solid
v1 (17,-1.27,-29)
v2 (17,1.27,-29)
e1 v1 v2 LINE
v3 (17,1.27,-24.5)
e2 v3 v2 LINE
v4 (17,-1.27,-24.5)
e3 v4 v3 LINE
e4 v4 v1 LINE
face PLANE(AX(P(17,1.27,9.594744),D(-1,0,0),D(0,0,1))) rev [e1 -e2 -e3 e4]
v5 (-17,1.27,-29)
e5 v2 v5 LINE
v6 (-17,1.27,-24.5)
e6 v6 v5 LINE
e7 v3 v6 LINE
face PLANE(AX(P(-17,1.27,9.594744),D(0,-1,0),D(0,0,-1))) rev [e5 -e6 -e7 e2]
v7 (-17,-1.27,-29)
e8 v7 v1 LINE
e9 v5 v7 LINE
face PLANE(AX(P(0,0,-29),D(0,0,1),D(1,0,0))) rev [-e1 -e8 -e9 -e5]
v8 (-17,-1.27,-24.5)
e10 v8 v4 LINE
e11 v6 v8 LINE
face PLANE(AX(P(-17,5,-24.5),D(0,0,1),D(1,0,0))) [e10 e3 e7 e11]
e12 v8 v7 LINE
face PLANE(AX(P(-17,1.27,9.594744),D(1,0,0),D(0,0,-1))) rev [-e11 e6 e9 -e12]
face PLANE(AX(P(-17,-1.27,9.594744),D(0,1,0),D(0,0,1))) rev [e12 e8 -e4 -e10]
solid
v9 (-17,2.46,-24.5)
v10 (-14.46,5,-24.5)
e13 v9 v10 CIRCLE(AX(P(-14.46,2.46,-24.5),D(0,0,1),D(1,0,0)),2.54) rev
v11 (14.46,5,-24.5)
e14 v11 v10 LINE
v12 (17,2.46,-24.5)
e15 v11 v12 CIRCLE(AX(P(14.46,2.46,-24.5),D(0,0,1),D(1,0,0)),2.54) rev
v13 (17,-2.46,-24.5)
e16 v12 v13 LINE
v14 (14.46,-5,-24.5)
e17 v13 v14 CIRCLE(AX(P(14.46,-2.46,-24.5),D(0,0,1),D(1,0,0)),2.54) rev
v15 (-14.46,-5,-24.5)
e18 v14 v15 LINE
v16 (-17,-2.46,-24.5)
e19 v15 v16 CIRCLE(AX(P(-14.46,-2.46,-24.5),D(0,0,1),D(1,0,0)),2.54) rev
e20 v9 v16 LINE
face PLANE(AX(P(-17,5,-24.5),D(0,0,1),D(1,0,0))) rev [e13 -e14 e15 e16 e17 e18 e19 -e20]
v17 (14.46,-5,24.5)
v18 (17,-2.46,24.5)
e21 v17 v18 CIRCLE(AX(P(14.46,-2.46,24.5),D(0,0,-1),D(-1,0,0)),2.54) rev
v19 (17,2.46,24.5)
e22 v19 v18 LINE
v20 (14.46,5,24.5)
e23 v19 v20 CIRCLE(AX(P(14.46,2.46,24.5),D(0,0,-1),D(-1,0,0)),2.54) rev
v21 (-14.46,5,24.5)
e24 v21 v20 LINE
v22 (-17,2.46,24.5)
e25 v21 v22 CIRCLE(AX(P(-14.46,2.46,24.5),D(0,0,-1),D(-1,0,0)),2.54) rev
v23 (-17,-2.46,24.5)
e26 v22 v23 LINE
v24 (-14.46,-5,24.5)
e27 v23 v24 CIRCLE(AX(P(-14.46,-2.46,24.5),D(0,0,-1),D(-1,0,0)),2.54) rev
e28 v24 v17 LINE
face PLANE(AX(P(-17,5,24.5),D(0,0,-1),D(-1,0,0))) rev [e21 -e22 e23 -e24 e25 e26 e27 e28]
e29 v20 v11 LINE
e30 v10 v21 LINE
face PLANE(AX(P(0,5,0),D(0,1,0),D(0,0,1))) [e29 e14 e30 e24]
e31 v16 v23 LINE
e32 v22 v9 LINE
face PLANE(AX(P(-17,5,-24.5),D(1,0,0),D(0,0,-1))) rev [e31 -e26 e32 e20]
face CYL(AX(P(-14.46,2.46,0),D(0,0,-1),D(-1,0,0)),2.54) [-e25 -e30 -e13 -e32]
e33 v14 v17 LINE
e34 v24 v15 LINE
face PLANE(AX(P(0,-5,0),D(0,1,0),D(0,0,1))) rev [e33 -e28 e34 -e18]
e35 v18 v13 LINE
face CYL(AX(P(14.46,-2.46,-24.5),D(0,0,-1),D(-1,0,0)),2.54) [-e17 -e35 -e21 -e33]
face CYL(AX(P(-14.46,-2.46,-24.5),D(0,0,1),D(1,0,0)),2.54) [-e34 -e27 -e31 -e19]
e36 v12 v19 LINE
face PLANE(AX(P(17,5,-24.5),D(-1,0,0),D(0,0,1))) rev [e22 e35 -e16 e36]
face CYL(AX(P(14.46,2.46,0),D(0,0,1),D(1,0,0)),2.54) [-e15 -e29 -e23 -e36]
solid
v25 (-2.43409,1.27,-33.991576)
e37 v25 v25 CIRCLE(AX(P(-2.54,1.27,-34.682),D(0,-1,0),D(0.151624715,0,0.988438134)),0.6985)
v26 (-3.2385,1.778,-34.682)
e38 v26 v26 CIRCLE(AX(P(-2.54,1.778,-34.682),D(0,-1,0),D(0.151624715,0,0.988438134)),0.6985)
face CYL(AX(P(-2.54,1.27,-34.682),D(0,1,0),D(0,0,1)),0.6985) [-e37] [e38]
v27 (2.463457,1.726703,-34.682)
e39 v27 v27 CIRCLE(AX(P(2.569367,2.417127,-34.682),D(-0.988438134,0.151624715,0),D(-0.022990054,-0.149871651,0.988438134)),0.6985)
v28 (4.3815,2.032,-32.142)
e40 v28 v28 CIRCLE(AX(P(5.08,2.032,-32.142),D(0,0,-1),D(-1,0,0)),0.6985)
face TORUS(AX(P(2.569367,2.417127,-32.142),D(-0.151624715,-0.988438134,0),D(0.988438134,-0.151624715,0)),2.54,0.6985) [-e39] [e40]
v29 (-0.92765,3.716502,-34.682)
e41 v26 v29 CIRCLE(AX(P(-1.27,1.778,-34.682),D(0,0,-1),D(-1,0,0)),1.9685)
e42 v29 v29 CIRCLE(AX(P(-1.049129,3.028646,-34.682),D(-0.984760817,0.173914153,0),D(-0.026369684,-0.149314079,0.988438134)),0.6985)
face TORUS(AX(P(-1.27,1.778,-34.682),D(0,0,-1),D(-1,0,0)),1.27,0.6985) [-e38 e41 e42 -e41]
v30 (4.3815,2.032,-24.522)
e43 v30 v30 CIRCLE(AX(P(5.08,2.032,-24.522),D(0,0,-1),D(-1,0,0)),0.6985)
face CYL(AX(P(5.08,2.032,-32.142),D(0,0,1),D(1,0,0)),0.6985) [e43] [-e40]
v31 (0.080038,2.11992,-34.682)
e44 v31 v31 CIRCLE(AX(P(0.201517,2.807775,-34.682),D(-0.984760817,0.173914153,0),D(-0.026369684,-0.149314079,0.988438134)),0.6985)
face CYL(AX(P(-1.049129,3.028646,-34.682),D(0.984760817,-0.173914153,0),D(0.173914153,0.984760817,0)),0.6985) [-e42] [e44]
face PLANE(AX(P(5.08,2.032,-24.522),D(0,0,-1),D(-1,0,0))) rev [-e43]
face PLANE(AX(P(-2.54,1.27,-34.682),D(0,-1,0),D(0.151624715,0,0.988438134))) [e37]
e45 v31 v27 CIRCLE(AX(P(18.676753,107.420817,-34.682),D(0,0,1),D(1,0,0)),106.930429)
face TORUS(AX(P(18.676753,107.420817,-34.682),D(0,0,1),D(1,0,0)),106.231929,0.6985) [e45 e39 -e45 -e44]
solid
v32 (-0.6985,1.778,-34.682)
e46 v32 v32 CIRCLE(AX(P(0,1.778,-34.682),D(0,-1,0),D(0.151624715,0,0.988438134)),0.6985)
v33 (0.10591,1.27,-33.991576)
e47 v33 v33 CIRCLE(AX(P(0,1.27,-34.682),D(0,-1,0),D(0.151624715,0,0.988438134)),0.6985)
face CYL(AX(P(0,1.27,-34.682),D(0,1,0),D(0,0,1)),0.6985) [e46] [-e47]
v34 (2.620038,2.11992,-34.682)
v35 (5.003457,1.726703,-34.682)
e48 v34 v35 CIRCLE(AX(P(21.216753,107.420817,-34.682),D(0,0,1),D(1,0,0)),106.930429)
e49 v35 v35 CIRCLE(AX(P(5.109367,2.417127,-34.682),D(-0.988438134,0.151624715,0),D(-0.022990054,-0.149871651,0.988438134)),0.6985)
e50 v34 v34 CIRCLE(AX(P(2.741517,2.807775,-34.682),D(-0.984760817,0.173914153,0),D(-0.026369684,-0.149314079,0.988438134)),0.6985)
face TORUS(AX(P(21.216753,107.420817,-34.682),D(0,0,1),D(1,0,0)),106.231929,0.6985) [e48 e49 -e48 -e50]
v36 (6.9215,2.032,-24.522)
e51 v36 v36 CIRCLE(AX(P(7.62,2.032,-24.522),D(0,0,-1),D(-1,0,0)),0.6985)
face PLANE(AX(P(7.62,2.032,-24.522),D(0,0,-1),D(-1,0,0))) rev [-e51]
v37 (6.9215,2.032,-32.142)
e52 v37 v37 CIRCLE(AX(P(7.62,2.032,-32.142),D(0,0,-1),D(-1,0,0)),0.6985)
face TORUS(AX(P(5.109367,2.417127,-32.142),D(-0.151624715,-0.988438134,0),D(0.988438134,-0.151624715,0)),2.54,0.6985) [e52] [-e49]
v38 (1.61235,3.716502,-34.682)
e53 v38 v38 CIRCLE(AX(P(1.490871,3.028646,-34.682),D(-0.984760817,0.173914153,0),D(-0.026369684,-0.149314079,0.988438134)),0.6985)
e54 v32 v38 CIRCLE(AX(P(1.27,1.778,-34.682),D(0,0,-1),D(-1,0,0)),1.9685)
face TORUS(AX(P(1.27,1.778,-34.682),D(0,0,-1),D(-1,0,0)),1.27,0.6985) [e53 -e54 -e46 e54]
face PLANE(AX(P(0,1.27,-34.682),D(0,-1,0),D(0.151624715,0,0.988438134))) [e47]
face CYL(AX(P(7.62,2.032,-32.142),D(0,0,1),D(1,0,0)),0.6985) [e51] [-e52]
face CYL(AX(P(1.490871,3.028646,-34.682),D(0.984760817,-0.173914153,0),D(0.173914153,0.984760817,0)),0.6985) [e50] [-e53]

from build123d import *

# Parameters (mm, degrees)
SKETCH1_W           = 34
SKETCH1_H           = 49
BOSS_EXTRUDE1_DEPTH = 5
FILLET1_R           = 2.54
BOSS_EXTRUDE2_START = -53.5
SKETCH2_W           = 34
SKETCH2_H           = 2.54
BOSS_EXTRUDE2_DEPTH = 4.5
SWEEP2_PROFILE_R    = 0.6985


with BuildPart() as part:
    # Sketch1 → Boss-Extrude1 (new body, symmetric)
    with BuildSketch(Plane(origin=(0, 0, 0), x_dir=(1, 0, 0), z_dir=(0, 1, 0))):
        Rectangle(SKETCH1_W, SKETCH1_H)
    extrude(amount=BOSS_EXTRUDE1_DEPTH, both=True)

    # Fillet1
    fillet1_edges = [part.edges().sort_by_distance(p)[0] for p in [
        (17, 5, 0),
        (-17, 5, 0),
        (17, -5, 0),
        (-17, -5, 0),
    ]]
    fillet(fillet1_edges, radius=FILLET1_R)


with BuildPart() as body_2:
    # Sketch2 → Boss-Extrude2 (new body)
    with BuildSketch(Plane.XY.offset(24.5).offset(BOSS_EXTRUDE2_START)):
        Rectangle(SKETCH2_W, SKETCH2_H)
    extrude(amount=BOSS_EXTRUDE2_DEPTH)


with BuildPart() as body_3:
    # Sweep2: sweep along a curve in space
    with BuildLine() as sweep2_path:
        Line((-2.54, 1.27, -34.682), (-2.54, 1.778, -34.682))
        ThreePointArc((-2.54, 1.778, -34.682), (-2.086208877, 2.750986674, -34.682), (-1.049129026, 3.028646238, -34.682))
        Line((0.201517212, 2.807775264, -34.682), (-1.049129026, 3.028646238, -34.682))
        ThreePointArc((0.201517212, 2.807775264, -34.682), (1.38433901, 2.605764371, -34.682), (2.569367138, 2.417126777, -34.682))
        ThreePointArc((2.569367138, 2.417126777, -34.682), (4.34465266, 2.144801021, -33.938051224), (5.08, 2.032, -32.142))
        Line((5.08, 2.032, -32.142), (5.08, 2.032, -24.522))
    # Sweep2 profile (on start of the path) → Sweep2 (sweep)
    with BuildSketch(Plane(origin=(-2.54, 1.27, -34.682), x_dir=(0, 0, 1), z_dir=(0, 1, 0))):
        Circle(SWEEP2_PROFILE_R)
    sweep(path=sweep2_path.line)


with BuildPart() as body_4:
    # Body-Move/Copy1: copy of body 3
    add(body_3.part.moved(Location((2.54, 0, 0))))


solid = Compound([part.part, body_2.part, body_3.part, body_4.part])
